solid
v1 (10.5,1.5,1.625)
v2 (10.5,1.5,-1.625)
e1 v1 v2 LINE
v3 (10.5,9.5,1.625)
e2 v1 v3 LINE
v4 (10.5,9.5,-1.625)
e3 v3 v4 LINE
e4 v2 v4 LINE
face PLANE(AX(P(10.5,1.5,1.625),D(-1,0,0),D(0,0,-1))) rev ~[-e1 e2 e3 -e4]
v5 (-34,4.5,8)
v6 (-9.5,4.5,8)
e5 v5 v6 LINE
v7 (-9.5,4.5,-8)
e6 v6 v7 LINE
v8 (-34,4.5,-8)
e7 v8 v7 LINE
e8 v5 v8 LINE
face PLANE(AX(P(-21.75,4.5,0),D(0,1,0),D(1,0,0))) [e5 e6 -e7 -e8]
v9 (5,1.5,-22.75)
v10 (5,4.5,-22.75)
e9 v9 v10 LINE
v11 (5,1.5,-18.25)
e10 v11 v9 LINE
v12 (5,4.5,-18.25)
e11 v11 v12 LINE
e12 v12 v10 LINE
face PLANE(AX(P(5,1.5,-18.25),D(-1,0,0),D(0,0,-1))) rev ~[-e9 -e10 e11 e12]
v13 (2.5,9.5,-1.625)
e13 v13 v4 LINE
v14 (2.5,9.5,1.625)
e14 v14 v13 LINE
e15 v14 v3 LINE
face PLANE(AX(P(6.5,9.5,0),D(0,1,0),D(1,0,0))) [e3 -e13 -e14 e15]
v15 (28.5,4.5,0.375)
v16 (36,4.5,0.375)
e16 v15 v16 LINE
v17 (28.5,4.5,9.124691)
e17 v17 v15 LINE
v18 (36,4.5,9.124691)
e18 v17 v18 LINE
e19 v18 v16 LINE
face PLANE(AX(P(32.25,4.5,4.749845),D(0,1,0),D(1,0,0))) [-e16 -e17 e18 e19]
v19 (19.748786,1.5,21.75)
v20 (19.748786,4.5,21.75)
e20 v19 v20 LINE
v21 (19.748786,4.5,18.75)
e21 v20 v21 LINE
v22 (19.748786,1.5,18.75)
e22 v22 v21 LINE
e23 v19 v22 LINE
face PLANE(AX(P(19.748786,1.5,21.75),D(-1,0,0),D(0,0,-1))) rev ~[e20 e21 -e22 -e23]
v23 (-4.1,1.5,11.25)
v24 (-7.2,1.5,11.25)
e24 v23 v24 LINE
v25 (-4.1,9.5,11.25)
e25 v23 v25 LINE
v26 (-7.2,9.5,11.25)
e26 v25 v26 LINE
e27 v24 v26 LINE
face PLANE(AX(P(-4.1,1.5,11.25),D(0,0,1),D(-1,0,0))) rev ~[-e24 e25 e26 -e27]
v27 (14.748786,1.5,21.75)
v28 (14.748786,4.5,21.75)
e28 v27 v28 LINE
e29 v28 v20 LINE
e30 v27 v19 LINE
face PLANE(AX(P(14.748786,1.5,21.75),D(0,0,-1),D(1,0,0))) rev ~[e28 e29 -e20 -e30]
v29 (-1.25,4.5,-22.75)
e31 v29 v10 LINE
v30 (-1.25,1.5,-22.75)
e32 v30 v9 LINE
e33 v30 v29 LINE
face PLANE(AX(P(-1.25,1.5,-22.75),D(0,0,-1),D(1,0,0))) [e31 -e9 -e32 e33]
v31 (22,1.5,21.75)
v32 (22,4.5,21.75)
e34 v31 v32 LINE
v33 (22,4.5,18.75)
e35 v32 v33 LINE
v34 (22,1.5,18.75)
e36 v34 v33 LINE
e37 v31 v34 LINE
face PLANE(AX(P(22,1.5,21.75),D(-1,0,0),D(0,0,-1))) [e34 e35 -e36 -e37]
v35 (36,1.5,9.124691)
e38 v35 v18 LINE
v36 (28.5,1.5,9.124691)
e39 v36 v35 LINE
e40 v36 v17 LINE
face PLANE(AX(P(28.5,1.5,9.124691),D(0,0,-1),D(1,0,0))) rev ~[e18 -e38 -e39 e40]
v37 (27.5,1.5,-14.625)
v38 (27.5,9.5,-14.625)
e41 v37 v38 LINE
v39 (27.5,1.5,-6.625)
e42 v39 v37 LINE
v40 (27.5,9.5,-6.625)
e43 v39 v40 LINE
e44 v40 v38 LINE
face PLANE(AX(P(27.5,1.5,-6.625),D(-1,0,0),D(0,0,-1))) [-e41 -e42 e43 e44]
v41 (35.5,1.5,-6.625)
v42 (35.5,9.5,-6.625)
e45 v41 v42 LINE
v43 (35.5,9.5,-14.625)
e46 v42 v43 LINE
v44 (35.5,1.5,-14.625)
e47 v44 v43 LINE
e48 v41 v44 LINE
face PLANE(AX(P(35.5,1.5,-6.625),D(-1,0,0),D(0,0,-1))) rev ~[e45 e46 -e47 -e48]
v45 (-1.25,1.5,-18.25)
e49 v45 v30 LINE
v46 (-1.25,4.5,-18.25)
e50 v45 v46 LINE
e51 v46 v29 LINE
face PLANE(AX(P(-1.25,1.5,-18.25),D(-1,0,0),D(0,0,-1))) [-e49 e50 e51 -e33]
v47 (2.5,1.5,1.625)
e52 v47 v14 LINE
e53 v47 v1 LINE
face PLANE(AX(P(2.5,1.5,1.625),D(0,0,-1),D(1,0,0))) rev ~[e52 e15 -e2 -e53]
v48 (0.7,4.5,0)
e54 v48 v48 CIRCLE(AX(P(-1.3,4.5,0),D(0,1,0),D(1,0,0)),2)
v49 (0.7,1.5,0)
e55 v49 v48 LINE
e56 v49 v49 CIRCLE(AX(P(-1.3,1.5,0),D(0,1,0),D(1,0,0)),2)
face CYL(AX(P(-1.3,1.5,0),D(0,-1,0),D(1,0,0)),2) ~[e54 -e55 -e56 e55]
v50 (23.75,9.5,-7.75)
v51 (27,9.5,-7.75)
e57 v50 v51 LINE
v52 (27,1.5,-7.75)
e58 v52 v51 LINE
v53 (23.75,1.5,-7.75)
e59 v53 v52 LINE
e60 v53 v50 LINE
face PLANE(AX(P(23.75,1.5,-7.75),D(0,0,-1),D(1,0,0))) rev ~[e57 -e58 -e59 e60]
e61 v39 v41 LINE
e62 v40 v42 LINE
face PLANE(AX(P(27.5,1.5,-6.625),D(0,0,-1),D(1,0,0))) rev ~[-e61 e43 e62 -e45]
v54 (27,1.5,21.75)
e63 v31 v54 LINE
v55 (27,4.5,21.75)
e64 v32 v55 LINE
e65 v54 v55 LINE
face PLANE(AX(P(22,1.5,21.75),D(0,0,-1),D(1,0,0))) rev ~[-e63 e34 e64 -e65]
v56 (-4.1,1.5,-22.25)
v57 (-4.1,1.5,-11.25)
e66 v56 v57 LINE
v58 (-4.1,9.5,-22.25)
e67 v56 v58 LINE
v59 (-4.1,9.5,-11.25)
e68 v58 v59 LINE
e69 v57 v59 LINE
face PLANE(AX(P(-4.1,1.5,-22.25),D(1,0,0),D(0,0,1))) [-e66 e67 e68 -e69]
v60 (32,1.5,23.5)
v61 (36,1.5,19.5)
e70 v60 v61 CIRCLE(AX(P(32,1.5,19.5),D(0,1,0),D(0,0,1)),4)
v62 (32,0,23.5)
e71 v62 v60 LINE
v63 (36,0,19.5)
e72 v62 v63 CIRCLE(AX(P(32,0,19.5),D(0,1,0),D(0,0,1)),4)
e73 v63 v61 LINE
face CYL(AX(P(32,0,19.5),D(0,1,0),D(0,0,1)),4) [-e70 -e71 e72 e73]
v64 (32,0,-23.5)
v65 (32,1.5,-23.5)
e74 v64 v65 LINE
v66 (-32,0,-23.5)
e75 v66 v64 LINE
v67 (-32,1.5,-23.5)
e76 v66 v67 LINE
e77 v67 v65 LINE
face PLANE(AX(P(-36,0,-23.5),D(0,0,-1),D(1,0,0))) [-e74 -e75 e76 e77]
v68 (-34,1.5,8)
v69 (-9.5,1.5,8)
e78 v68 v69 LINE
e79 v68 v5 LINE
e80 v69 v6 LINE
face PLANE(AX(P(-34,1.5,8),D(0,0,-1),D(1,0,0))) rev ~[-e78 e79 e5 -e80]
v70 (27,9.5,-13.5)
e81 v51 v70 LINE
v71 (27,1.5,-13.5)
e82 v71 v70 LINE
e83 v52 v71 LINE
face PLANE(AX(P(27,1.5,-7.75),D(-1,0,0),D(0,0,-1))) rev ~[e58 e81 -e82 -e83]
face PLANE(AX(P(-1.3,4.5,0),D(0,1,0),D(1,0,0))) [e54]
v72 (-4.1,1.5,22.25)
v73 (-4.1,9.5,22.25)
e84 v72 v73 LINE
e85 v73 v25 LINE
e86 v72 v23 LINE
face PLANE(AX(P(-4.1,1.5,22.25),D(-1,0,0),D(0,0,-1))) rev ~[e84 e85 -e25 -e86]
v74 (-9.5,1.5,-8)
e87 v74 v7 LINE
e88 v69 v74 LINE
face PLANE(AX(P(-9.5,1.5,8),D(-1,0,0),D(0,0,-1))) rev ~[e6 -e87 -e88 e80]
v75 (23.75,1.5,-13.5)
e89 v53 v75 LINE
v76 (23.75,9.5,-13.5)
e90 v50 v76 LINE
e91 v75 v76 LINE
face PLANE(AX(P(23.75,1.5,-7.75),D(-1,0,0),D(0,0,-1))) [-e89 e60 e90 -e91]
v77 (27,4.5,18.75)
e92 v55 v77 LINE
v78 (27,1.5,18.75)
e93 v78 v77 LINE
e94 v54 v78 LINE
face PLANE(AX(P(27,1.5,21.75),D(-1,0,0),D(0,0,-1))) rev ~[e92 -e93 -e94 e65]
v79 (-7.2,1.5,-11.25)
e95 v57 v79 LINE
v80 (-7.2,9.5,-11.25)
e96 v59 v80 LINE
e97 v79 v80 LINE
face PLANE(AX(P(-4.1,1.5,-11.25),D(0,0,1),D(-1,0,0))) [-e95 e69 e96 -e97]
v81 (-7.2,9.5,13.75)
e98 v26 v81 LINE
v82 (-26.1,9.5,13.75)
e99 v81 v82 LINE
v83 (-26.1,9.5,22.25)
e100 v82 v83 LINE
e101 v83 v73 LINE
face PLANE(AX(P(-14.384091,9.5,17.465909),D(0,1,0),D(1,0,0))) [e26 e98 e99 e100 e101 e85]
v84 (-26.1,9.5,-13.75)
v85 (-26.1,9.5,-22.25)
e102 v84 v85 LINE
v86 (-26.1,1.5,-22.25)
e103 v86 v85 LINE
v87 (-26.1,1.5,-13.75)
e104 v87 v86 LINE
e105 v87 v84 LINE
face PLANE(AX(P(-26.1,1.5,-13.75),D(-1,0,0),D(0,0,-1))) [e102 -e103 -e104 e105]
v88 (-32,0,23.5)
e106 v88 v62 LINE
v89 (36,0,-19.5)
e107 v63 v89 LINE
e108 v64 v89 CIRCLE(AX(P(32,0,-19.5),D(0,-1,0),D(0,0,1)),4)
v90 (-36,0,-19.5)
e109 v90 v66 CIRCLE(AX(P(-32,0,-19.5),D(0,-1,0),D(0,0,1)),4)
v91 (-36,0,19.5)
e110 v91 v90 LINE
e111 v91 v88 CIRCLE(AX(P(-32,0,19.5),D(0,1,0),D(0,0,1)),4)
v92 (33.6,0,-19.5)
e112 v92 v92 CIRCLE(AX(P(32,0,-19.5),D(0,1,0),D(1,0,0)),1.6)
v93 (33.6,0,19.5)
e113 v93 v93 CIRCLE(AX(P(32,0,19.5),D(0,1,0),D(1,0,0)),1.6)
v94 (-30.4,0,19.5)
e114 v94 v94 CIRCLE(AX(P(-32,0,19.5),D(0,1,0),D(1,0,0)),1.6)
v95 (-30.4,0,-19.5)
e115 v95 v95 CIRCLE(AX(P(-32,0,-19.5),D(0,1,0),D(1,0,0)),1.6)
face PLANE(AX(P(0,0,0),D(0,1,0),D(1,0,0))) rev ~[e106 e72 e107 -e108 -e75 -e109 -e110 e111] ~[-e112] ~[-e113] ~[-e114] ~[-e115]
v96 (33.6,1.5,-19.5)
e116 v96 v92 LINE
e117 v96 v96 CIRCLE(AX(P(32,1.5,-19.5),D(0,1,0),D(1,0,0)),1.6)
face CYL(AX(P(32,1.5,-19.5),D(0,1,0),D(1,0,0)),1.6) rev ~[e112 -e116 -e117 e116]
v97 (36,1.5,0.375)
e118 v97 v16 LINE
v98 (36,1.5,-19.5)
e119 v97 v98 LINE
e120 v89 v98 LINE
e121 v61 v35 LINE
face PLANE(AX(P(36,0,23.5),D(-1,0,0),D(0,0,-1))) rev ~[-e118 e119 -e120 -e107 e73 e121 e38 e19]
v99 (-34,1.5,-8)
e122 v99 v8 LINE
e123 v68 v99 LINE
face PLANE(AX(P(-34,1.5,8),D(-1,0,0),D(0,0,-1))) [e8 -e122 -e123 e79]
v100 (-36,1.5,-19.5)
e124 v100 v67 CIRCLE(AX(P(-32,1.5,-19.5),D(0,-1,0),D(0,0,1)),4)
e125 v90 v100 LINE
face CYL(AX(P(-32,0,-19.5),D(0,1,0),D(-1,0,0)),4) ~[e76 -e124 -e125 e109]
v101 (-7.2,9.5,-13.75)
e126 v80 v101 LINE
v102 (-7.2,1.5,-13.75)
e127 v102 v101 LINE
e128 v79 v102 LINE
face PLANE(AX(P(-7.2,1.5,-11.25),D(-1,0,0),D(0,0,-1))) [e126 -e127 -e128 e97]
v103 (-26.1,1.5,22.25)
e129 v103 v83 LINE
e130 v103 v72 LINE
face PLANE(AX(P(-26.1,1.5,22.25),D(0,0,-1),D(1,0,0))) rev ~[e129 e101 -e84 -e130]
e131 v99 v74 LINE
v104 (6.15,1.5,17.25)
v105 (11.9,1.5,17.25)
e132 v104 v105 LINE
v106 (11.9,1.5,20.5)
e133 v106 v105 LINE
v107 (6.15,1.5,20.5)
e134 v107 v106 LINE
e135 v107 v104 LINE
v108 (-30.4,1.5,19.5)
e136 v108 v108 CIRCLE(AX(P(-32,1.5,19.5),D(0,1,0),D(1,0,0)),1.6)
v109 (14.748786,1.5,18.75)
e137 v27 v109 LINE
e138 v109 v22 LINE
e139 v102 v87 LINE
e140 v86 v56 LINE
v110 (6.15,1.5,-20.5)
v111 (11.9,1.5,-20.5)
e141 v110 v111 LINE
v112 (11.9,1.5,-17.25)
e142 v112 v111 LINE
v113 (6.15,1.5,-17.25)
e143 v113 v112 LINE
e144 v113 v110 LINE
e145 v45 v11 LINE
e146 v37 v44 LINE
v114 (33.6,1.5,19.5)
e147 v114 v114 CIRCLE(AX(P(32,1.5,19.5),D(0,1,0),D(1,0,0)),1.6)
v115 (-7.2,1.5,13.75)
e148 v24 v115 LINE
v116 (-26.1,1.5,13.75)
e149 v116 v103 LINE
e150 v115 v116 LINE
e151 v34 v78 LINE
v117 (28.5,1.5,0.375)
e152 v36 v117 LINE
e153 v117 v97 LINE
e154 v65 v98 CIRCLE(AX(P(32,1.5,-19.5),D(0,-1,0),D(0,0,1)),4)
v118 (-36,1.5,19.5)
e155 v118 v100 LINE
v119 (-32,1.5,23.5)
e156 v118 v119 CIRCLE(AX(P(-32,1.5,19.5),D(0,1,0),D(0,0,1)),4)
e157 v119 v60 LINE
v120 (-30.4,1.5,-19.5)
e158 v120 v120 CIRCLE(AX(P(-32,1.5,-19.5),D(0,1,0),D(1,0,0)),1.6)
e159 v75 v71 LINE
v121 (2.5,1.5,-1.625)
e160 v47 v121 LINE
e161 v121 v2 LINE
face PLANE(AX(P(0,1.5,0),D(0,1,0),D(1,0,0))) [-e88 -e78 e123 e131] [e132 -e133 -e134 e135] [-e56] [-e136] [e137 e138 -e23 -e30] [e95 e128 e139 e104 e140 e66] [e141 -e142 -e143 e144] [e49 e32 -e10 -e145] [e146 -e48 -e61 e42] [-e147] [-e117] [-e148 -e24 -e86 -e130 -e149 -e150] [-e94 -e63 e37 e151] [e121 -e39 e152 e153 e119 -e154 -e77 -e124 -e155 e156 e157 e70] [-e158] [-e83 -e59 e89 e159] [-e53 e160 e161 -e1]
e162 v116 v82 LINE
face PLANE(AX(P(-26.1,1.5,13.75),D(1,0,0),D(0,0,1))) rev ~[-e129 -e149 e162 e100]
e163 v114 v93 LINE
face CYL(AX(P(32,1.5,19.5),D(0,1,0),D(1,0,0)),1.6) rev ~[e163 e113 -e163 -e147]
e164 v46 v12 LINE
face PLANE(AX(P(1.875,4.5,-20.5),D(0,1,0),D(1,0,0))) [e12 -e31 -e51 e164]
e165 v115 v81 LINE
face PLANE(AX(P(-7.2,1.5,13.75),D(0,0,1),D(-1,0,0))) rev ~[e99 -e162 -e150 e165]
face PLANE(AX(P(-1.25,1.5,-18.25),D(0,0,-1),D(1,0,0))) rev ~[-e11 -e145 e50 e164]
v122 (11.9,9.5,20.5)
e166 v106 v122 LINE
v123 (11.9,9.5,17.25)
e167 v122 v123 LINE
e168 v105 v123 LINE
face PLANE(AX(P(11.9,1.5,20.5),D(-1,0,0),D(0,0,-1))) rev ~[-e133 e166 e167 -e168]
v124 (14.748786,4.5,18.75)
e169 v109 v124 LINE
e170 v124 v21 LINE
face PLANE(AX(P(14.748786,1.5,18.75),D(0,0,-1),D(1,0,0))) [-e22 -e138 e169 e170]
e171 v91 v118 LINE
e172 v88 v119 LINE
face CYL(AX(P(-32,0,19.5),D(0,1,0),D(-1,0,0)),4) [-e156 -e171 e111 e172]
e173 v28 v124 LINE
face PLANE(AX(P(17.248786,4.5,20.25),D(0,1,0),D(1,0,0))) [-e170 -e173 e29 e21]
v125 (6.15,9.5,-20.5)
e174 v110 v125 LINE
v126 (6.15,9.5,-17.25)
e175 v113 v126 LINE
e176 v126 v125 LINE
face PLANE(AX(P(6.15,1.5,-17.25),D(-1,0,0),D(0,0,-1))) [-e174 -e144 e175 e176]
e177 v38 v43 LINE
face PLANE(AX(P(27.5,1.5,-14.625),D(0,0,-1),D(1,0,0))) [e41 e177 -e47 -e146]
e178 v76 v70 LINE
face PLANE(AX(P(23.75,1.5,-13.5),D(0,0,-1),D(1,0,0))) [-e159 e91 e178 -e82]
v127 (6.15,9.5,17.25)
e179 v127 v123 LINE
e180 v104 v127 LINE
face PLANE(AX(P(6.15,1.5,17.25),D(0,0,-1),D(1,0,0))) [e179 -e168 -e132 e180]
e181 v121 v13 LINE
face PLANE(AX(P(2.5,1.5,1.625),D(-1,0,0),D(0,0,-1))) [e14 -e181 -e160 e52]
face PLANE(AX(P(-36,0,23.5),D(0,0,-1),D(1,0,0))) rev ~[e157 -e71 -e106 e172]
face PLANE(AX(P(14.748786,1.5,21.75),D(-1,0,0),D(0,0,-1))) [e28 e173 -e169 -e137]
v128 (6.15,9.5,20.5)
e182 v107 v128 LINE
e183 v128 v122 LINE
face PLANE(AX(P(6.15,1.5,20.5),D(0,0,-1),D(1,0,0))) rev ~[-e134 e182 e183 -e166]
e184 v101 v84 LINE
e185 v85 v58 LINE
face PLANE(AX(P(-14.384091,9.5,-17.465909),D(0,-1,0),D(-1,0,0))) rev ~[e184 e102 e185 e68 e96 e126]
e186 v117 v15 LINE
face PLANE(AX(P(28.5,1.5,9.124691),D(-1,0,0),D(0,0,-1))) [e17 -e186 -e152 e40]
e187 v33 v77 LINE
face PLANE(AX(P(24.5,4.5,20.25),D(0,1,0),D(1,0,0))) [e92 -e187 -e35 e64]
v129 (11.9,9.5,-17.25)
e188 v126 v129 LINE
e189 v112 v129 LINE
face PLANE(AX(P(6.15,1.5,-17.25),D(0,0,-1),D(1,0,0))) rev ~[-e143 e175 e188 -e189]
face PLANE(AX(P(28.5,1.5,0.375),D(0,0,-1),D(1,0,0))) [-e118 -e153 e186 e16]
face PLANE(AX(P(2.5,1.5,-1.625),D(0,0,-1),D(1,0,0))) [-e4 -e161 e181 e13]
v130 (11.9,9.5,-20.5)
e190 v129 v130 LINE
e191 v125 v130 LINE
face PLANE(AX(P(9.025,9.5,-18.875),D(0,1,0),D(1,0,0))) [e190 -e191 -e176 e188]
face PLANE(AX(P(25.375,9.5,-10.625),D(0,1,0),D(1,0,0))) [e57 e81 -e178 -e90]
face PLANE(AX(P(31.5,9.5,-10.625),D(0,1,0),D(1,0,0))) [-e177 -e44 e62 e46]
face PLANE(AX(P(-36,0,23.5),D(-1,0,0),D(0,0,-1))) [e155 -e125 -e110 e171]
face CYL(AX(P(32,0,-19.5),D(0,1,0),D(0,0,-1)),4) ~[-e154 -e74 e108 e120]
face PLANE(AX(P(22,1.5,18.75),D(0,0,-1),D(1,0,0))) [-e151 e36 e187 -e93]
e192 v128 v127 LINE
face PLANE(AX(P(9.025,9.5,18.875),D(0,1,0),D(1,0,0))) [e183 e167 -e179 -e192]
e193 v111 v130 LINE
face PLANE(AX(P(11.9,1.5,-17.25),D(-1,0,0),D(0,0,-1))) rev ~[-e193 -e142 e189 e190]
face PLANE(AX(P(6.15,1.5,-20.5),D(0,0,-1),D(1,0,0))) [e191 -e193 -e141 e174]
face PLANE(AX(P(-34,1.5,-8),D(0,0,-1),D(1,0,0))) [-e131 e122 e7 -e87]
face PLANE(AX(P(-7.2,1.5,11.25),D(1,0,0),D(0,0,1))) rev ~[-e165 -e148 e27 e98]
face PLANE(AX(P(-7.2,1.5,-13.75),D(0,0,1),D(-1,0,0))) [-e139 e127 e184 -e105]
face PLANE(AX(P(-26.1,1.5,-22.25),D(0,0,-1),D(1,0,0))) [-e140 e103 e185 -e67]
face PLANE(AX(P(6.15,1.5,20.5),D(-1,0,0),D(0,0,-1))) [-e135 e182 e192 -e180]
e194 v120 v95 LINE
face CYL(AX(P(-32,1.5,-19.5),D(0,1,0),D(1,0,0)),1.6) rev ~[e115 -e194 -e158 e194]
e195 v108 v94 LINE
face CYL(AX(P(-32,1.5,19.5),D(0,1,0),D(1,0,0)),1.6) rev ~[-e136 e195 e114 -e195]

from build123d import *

# Parameters (mm, degrees)
CROQUIS1_W              = 72
CROQUIS1_H              = 47
SALIENTE_EXTRUIR1_DEPTH = 1.5
CROQUIS2_R              = 1.6
CORTAR_EXTRUIR1_DEPTH   = 2.5
REDONDEO1_R             = 4
CROQUIS3_W              = 5.75
CROQUIS3_H              = 3.25
CROQUIS3_W_2            = 3.25
CROQUIS3_H_2            = 5.75
CROQUIS3_W_3            = 8
CROQUIS3_H_3            = 8
SALIENTE_EXTRUIR2_DEPTH = 8
CROQUIS6_R              = 2
CROQUIS6_W              = 7.5
CROQUIS6_H              = 8.749690514
CROQUIS6_W_2            = 5
CROQUIS6_H_2            = 3
CROQUIS6_W_3            = 6.25
CROQUIS6_H_3            = 4.5
CROQUIS6_W_4            = 24.5
CROQUIS6_H_4            = 16
SALIENTE_EXTRUIR3_DEPTH = 3


with BuildPart() as part:
    # Croquis1 → Saliente-Extruir1 (new body)
    with BuildSketch(Plane(origin=(0, 0, 0), x_dir=(1, 0, 0), z_dir=(0, 1, 0))):
        Rectangle(CROQUIS1_W, CROQUIS1_H)
    extrude(amount=SALIENTE_EXTRUIR1_DEPTH)

    # Croquis2 → Cortar-Extruir1 (cut, through all)
    with BuildSketch(Plane(origin=(0, 1.5, 0), x_dir=(1, 0, 0), z_dir=(0, 1, 0))):
        with Locations((-32, 19.5)):
            Circle(CROQUIS2_R)
        with Locations((32, 19.5)):
            Circle(CROQUIS2_R)
        with Locations((32, -19.5)):
            Circle(CROQUIS2_R)
        with Locations((-32, -19.5)):
            Circle(CROQUIS2_R)
    extrude(amount=-CORTAR_EXTRUIR1_DEPTH, mode=Mode.SUBTRACT)

    # Redondeo1
    redondeo1_edges = [part.edges().sort_by_distance(p)[0] for p in [
        (36, 0.75, 23.5),
        (-36, 0.75, 23.5),
        (-36, 0.75, -23.5),
        (36, 0.75, -23.5),
    ]]
    fillet(redondeo1_edges, radius=REDONDEO1_R)

    # Croquis3 → Saliente-Extruir2 (add)
    with BuildSketch(Plane(origin=(0, 1.5, 0), x_dir=(1, 0, 0), z_dir=(0, 1, 0))):
        Polygon((-4.1, 11.25), (-7.2, 11.25), (-7.2, 13.75), (-26.1, 13.75), (-26.1, 22.25), (-4.1, 22.25), align=None)
        with Locations((9.025, -18.875)):
            Rectangle(CROQUIS3_W, CROQUIS3_H)
        with Locations((9.025, 18.875)):
            Rectangle(CROQUIS3_W, CROQUIS3_H)
        Polygon((-7.2, -13.75), (-26.1, -13.75), (-26.1, -22.25), (-4.1, -22.25), (-4.1, -11.25), (-7.2, -11.25), align=None)
        with Locations((25.375, 10.625)):
            Rectangle(CROQUIS3_W_2, CROQUIS3_H_2)
        with Locations((31.5, 10.625)):
            Rectangle(CROQUIS3_W_3, CROQUIS3_H_3)
        with Locations((6.5, 0)):
            Rectangle(CROQUIS3_W_3, CROQUIS3_H)
    extrude(amount=SALIENTE_EXTRUIR2_DEPTH)

    # Croquis6 → Saliente-Extruir3 (add)
    with BuildSketch(Plane(origin=(0, 1.5, 0), x_dir=(1, 0, 0), z_dir=(0, 1, 0))):
        with Locations((-1.3, 0)):
            Circle(CROQUIS6_R)
        with Locations((32.25, -4.749845257)):
            Rectangle(CROQUIS6_W, CROQUIS6_H)
        with Locations((17.248785916, -20.25)):
            Rectangle(CROQUIS6_W_2, CROQUIS6_H_2)
        with Locations((24.5, -20.25)):
            Rectangle(CROQUIS6_W_2, CROQUIS6_H_2)
        with Locations((1.875, 20.5)):
            Rectangle(CROQUIS6_W_3, CROQUIS6_H_3)
        with Locations((-21.75, 0)):
            Rectangle(CROQUIS6_W_4, CROQUIS6_H_4)
    extrude(amount=SALIENTE_EXTRUIR3_DEPTH)


solid = part.part
